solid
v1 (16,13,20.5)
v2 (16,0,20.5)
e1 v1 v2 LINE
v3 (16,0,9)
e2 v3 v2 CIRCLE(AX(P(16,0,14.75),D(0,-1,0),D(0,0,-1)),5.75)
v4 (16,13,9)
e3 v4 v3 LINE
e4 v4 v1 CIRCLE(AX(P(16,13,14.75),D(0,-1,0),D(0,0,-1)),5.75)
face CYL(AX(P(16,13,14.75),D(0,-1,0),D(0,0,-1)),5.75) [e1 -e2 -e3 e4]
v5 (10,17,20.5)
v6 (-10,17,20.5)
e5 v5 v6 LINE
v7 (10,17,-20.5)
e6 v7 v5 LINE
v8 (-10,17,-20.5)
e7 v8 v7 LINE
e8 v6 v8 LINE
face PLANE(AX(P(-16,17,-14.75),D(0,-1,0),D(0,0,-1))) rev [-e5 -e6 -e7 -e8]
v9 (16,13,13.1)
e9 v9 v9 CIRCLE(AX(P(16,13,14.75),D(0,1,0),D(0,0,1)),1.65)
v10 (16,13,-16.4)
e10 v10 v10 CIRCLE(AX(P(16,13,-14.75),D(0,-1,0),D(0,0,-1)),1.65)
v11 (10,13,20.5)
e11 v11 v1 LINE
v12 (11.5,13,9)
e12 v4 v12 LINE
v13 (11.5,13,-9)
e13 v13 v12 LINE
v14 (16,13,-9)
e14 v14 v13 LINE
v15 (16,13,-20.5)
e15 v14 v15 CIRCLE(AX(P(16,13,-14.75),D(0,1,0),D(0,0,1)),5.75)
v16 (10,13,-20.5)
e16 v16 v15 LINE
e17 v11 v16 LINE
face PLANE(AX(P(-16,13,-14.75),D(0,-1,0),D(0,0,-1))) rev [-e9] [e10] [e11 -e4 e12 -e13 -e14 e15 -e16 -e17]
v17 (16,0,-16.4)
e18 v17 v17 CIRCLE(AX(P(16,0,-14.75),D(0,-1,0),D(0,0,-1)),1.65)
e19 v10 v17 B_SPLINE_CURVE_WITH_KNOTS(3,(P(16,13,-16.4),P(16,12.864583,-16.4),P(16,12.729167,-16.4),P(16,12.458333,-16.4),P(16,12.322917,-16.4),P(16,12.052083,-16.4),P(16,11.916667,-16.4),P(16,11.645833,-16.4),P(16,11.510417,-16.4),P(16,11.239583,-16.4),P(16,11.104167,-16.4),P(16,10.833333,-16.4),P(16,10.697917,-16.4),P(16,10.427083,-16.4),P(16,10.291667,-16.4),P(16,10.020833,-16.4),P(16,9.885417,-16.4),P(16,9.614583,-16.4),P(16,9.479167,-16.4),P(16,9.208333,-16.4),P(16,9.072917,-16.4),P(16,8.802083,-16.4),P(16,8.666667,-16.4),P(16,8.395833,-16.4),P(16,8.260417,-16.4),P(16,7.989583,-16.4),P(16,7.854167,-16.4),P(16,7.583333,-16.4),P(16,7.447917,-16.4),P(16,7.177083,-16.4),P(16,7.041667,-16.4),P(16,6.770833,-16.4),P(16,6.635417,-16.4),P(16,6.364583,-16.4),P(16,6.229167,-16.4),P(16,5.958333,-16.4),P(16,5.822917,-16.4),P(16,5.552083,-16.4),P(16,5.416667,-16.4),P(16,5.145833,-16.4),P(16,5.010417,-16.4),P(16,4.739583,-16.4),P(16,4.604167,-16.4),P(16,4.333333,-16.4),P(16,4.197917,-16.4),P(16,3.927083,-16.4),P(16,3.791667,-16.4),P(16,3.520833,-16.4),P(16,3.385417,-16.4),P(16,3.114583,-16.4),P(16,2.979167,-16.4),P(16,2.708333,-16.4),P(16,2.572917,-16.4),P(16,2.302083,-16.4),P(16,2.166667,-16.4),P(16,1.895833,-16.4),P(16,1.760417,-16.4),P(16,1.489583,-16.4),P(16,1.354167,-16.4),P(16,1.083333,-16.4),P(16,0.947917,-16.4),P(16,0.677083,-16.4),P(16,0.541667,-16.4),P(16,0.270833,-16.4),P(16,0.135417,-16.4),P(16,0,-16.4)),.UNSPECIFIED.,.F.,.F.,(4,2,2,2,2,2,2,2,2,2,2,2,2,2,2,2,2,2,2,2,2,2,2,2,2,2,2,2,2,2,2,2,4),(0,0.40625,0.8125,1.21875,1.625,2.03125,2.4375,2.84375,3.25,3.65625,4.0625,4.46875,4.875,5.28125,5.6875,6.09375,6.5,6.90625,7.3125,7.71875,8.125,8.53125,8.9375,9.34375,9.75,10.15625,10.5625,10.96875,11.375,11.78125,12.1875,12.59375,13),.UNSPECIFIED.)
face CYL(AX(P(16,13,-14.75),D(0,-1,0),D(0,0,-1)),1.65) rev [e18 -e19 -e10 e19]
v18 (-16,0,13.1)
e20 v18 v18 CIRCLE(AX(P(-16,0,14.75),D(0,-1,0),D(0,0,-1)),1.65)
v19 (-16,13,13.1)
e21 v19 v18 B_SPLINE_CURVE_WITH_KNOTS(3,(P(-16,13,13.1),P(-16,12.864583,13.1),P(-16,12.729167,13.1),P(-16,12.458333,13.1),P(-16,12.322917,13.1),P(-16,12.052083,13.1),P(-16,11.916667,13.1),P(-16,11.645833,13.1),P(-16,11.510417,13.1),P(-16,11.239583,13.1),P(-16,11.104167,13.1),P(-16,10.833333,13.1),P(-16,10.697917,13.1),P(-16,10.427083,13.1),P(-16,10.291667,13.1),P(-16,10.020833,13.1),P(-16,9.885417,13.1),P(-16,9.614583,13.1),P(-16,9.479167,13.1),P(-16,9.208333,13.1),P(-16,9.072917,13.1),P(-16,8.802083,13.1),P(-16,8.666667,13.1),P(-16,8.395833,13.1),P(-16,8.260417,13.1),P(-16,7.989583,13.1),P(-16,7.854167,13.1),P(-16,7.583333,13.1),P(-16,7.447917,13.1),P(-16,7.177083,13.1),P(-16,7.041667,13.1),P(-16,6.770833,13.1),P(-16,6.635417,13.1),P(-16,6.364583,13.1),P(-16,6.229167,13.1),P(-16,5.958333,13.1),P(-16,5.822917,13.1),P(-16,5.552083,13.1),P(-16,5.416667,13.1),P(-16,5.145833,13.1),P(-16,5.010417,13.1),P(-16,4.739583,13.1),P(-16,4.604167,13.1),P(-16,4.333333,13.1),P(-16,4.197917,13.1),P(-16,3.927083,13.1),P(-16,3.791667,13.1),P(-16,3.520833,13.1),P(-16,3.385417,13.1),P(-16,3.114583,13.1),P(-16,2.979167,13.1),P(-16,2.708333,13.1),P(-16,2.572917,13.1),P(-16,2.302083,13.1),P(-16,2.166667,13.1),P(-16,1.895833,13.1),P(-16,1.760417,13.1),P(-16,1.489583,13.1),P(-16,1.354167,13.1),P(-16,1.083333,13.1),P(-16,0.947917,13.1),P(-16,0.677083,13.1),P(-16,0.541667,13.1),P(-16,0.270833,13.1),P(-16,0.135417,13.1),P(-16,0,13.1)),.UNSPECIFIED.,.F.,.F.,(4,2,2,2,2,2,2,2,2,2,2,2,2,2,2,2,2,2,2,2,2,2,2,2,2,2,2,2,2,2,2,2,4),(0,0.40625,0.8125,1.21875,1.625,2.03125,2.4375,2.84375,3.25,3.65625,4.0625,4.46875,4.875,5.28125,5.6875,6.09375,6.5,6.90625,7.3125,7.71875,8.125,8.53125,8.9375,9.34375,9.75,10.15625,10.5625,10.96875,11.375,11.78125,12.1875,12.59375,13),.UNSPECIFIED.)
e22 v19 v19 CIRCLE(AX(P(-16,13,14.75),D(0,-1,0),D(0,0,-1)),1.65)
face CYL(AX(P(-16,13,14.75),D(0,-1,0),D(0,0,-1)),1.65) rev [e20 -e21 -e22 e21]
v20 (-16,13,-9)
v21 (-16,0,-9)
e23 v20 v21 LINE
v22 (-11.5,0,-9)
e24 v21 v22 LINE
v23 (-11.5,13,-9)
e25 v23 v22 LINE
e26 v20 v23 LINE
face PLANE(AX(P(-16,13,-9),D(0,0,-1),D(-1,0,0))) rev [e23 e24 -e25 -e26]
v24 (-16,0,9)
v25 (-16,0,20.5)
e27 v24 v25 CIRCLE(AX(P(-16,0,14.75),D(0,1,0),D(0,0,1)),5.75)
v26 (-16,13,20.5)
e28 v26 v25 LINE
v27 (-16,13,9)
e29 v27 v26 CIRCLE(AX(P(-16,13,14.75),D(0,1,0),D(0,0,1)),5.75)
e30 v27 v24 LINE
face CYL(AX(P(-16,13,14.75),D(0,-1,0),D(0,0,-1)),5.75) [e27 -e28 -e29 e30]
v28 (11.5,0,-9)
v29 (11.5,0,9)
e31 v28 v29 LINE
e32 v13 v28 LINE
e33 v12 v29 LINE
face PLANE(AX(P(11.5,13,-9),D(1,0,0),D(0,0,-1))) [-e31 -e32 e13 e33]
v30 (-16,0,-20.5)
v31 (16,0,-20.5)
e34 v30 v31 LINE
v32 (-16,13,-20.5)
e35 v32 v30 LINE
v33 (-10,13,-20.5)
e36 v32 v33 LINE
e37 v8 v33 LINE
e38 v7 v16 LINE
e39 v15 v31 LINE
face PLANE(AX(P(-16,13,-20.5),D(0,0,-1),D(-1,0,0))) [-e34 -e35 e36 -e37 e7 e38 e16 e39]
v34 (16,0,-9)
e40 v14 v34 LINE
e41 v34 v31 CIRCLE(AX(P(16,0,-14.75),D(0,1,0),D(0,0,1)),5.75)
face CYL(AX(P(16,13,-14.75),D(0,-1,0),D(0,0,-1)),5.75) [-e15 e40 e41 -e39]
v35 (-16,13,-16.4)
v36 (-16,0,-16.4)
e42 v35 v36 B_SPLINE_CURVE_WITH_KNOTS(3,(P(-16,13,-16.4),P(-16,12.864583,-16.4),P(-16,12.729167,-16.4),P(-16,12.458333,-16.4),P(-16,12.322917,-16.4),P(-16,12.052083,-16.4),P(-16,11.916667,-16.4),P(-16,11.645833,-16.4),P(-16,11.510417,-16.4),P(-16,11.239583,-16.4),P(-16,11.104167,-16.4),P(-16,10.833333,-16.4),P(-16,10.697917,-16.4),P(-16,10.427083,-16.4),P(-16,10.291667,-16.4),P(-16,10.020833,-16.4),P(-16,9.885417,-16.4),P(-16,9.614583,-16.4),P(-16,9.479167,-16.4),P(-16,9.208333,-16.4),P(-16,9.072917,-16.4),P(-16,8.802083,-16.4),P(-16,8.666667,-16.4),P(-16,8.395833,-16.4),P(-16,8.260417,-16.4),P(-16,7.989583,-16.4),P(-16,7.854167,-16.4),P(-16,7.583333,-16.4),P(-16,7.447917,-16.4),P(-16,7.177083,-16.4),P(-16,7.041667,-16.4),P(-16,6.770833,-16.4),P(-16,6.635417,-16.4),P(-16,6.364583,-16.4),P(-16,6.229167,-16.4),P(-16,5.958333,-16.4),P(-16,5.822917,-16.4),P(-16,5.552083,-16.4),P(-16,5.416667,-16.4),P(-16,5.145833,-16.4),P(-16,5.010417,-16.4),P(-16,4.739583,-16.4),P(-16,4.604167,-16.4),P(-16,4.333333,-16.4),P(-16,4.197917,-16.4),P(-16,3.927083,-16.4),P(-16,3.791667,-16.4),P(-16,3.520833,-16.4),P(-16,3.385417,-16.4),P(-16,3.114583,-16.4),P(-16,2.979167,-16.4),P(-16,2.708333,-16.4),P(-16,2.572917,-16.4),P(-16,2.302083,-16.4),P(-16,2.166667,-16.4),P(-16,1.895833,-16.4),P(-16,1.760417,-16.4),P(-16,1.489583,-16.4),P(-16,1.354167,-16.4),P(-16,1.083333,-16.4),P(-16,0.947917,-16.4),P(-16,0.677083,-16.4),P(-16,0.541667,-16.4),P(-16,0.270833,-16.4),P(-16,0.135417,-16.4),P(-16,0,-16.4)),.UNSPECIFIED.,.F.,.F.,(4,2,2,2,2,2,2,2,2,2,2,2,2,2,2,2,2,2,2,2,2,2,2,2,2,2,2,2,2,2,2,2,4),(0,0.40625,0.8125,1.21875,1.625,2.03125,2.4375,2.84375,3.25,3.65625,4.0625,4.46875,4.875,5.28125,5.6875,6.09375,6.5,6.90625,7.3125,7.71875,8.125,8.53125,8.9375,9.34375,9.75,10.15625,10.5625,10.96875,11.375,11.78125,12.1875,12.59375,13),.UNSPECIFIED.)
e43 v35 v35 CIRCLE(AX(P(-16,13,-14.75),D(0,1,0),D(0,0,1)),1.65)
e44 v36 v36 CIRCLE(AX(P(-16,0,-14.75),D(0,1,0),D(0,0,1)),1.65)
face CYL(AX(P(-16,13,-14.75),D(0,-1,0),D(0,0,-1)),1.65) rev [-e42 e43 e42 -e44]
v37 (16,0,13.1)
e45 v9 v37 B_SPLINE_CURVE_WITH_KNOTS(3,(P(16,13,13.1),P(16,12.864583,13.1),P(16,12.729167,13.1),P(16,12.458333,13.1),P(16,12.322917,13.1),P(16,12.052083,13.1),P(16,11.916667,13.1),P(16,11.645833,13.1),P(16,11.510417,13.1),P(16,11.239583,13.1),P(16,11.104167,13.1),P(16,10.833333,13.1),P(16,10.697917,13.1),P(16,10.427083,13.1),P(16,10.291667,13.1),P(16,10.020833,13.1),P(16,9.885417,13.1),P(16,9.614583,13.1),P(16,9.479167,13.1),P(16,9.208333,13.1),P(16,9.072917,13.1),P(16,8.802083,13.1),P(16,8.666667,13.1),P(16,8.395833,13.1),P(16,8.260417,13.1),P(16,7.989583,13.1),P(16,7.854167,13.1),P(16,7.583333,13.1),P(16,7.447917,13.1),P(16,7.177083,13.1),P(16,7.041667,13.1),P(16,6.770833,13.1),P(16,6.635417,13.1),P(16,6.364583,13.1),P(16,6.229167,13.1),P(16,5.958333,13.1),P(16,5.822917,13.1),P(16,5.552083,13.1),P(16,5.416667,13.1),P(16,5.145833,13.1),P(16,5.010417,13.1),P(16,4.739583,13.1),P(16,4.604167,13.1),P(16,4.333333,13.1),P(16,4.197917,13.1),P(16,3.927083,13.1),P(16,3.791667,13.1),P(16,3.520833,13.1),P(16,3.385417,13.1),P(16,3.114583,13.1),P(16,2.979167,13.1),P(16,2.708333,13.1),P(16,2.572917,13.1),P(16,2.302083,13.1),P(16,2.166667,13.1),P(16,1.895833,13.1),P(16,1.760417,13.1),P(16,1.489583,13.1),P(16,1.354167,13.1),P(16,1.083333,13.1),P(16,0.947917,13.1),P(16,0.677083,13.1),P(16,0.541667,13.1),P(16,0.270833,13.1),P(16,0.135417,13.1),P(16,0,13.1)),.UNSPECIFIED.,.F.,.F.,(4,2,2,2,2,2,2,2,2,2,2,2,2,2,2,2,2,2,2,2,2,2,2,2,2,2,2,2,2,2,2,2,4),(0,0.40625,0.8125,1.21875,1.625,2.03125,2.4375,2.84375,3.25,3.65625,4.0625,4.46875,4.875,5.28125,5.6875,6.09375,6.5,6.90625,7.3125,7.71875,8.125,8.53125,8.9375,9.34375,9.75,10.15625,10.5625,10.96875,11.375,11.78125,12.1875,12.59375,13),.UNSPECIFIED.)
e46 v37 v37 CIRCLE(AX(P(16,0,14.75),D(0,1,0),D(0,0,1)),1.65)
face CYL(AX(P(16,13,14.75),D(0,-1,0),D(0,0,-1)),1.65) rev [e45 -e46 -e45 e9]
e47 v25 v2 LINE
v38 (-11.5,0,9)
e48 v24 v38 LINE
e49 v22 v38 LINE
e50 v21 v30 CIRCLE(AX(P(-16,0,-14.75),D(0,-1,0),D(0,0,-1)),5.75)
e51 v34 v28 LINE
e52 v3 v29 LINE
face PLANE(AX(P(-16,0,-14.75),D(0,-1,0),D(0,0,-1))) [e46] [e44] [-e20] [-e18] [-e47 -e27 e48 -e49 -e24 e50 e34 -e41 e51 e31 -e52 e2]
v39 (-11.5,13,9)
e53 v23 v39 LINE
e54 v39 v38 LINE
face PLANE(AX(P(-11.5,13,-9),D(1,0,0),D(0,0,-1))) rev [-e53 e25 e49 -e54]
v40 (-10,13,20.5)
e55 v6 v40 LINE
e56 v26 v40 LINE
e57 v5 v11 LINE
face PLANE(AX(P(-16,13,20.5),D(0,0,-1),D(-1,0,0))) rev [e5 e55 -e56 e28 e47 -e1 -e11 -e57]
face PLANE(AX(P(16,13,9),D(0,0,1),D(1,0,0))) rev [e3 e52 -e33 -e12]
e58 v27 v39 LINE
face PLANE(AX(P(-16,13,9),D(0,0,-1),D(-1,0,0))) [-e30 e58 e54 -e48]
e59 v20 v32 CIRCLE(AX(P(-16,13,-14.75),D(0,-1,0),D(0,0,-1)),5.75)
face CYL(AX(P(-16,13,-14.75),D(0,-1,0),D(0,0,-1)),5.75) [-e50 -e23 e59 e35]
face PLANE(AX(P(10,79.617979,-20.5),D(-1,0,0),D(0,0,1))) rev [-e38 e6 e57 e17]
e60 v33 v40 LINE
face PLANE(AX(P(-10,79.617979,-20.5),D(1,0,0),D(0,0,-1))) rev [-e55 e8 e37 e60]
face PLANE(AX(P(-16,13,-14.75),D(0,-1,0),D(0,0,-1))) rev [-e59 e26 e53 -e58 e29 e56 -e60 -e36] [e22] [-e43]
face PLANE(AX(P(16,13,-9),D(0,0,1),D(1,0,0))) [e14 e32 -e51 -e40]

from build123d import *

# Parameters (mm, degrees)
SKETCH1_R           = 1.65
BOSS_EXTRUDE1_DEPTH = 13
SKETCH2_W           = 20
SKETCH2_H           = 41
BOSS_EXTRUDE2_DEPTH = 4


with BuildPart() as part:
    # Sketch1 → Boss-Extrude1 (new body)
    with BuildSketch(Plane(origin=(0, 0, 0), x_dir=(1, 0, 0), z_dir=(0, 1, 0))):
        with BuildLine():
            Line((-16, 9), (-11.5, 9))
            Line((-11.5, 9), (-11.5, -9))
            Line((-11.5, -9), (-16, -9))
            ThreePointArc((-16, -9), (-21.75, -14.75), (-16, -20.5))
            Line((-16, -20.5), (16, -20.5))
            ThreePointArc((16, -20.5), (21.75, -14.75), (16, -9))
            Line((16, -9), (11.5, -9))
            Line((11.5, -9), (11.5, 9))
            Line((11.5, 9), (16, 9))
            ThreePointArc((16, 9), (21.75, 14.75), (16, 20.5))
            Line((16, 20.5), (-16, 20.5))
            ThreePointArc((-16, 20.5), (-21.75, 14.75), (-16, 9))
        make_face()
        with Locations(Location((-16, 14.75, 0), (0, 0, 90))):
            Circle(SKETCH1_R, mode=Mode.SUBTRACT)
        with Locations(Location((16, 14.75, 0), (0, 0, 90))):
            Circle(SKETCH1_R, mode=Mode.SUBTRACT)
        with Locations(Location((16, -14.75, 0), (0, 0, 90))):
            Circle(SKETCH1_R, mode=Mode.SUBTRACT)
        with Locations(Location((-16, -14.75, 0), (0, 0, 90))):
            Circle(SKETCH1_R, mode=Mode.SUBTRACT)
    extrude(amount=BOSS_EXTRUDE1_DEPTH)

    # Sketch2 → Boss-Extrude2 (add)
    with BuildSketch(Plane(origin=(0, 13, 0), x_dir=(1, 0, 0), z_dir=(0, 1, 0))):
        Rectangle(SKETCH2_W, SKETCH2_H)
    extrude(amount=BOSS_EXTRUDE2_DEPTH)


solid = part.part
